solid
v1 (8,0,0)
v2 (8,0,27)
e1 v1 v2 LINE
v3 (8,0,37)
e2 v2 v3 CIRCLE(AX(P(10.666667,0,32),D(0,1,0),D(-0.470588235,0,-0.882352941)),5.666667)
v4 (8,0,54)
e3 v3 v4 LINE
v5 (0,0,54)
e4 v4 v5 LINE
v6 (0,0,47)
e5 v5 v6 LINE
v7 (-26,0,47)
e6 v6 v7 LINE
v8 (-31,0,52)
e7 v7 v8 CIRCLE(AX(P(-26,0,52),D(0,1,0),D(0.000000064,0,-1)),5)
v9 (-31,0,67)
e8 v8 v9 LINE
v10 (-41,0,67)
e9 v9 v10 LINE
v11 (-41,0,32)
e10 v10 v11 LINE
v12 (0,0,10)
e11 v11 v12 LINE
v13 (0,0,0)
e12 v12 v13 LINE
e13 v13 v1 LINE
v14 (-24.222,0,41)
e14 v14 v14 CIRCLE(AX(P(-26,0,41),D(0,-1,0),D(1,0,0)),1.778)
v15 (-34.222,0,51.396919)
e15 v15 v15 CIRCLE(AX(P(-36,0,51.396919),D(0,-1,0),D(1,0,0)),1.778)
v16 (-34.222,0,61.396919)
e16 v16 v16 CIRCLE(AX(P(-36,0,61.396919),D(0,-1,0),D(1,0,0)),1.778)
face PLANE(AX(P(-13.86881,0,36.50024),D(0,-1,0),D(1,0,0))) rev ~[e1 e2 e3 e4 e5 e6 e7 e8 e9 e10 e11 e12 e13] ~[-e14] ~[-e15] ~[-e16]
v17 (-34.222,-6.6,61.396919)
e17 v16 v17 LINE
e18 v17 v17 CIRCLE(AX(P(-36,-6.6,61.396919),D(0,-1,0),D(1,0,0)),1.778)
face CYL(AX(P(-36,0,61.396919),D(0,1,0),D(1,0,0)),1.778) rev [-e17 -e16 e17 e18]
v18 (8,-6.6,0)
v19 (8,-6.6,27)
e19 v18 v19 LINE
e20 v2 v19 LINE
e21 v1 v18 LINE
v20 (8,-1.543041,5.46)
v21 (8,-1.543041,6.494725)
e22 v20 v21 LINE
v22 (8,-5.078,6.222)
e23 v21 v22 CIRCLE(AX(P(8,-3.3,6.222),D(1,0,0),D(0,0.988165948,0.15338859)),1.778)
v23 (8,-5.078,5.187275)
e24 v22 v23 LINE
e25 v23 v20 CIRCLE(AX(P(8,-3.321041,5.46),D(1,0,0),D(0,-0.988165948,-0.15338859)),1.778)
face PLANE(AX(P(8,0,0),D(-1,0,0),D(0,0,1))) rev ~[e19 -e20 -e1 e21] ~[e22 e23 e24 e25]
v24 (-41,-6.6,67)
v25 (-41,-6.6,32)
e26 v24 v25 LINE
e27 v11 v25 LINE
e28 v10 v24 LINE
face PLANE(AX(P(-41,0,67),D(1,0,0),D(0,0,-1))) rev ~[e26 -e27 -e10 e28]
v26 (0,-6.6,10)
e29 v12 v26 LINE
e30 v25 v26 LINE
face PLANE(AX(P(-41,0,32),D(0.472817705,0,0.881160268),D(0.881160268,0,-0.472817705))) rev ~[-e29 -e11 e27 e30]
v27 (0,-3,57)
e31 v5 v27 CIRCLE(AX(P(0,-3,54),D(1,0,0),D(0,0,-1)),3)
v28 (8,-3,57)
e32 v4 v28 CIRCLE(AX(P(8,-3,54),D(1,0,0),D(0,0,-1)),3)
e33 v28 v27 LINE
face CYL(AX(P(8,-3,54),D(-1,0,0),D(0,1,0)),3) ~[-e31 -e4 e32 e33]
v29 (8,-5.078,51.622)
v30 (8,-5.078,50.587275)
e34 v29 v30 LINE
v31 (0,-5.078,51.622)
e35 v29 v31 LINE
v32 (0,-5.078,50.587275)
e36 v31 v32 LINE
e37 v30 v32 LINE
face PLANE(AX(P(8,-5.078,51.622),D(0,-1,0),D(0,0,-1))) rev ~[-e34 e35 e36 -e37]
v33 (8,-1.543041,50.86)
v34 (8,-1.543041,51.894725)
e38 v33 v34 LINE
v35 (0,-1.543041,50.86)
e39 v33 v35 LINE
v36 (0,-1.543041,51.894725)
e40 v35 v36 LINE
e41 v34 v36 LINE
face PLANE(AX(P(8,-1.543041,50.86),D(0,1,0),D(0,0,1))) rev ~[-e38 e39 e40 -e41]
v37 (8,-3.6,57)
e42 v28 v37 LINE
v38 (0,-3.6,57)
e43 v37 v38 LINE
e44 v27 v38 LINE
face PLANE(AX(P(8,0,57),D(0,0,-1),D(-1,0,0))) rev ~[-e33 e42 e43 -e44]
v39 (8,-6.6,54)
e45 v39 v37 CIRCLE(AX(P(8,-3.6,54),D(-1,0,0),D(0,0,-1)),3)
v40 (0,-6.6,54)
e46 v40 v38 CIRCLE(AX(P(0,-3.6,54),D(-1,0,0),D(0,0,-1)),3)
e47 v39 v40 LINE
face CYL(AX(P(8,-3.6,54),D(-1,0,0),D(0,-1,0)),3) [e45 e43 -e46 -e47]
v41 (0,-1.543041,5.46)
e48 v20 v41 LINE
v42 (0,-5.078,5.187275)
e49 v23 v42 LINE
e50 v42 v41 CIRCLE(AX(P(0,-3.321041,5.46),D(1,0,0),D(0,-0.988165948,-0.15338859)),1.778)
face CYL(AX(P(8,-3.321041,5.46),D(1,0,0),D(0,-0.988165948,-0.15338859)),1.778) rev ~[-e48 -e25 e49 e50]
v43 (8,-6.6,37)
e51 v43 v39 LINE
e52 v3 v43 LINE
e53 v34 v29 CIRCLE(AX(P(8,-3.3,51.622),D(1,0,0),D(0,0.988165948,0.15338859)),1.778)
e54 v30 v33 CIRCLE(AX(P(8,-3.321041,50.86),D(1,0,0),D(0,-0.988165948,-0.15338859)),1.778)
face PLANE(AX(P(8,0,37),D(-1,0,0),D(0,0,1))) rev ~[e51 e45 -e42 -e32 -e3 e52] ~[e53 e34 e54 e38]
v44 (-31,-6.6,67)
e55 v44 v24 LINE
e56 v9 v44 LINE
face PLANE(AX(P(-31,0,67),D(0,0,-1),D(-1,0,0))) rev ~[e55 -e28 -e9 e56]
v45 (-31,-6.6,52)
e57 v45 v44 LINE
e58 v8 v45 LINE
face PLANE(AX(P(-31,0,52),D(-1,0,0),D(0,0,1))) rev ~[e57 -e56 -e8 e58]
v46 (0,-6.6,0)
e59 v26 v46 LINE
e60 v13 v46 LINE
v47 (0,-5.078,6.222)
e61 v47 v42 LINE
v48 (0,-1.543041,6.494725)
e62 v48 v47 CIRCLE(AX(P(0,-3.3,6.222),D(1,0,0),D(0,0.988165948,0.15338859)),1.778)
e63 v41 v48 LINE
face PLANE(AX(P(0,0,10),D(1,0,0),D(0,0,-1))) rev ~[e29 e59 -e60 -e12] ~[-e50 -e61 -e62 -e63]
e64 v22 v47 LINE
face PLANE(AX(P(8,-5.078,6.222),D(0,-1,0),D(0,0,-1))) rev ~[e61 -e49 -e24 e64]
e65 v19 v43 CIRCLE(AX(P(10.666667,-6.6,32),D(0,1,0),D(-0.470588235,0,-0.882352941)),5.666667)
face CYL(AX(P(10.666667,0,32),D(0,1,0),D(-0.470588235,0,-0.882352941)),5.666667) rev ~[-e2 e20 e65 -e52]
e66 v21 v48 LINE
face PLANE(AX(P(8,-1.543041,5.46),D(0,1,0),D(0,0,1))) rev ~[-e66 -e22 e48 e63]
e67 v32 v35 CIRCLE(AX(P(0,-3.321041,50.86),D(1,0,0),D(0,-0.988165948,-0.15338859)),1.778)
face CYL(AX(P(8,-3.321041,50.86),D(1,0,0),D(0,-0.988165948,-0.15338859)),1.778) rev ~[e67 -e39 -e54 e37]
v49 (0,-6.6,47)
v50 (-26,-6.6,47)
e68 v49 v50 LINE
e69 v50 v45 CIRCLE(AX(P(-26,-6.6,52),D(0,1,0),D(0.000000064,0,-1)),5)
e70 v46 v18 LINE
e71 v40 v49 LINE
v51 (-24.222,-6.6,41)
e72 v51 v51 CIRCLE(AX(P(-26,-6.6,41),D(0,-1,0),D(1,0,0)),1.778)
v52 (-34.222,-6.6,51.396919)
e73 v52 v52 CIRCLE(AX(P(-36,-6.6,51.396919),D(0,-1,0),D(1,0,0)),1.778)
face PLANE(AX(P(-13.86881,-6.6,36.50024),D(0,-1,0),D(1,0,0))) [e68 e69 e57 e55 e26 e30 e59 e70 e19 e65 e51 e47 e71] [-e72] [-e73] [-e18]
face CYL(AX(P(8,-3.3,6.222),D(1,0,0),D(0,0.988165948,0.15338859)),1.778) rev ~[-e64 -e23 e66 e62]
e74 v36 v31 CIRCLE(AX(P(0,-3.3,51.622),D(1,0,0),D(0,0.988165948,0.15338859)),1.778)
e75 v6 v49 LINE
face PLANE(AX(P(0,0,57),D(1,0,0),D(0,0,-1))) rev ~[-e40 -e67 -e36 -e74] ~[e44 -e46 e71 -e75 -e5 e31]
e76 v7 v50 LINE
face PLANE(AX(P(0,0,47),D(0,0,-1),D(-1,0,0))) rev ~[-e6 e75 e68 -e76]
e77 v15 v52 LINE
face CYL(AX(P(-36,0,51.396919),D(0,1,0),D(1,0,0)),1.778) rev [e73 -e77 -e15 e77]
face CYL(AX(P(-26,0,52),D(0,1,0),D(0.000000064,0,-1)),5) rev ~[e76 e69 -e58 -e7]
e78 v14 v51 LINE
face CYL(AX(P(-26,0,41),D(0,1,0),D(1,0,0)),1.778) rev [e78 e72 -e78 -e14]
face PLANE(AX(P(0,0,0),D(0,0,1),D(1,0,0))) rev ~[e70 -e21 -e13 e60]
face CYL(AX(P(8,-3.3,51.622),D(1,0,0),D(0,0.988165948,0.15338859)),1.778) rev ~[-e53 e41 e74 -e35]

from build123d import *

# Parameters (mm, degrees)
F0_R     = 1.778
F1_DEPTH = 6.6
F3_DEPTH = 8
F4_R     = 3


with BuildPart() as f1:
    # F0 (on Front) → F1 (new body)
    with BuildSketch(Plane.XZ):
        with BuildLine():
            Line((0, 10), (0, 0))
            Line((0, 0), (8, 0))
            Line((8, 0), (8, 27))
            ThreePointArc((8, 27), (5, 32), (8, 37))
            Line((8, 37), (8, 57))
            Line((8, 57), (0, 57))
            Line((0, 57), (0, 47))
            Line((0, 47), (-26, 47))
            ThreePointArc((-26, 47), (-29.535534, 48.464466), (-31, 52))
            Line((-31, 52), (-31, 67))
            Line((-31, 67), (-41, 67))
            Line((-41, 67), (-41, 32))
            Line((-41, 32), (0, 10))
        make_face()
        with Locations((-26, 41)):
            Circle(F0_R, mode=Mode.SUBTRACT)
        with Locations((-36, 51.396919)):
            Circle(F0_R, mode=Mode.SUBTRACT)
        with Locations((-36, 61.396919)):
            Circle(F0_R, mode=Mode.SUBTRACT)
    extrude(amount=F1_DEPTH)

    # F2 (on face) → F3 (cut, through all)
    with BuildSketch(Plane.YZ.offset(8)):
        with BuildLine():
            Line((-1.543041, 50.86), (-1.543041, 51.894725))
            ThreePointArc((-1.543041, 51.894725), (-3.436768, 53.394732), (-5.078, 51.622))
            Line((-5.078, 51.622), (-5.078, 50.587275))
            ThreePointArc((-5.078, 50.587275), (-3.184273, 49.087268), (-1.543041, 50.86))
        make_face()
        with BuildLine():
            ThreePointArc((-5.078, 5.187275), (-3.184273, 3.687268), (-1.543041, 5.46))
            Line((-1.543041, 5.46), (-1.543041, 6.494725))
            ThreePointArc((-1.543041, 6.494725), (-3.436768, 7.994732), (-5.078, 6.222))
            Line((-5.078, 6.222), (-5.078, 5.187275))
        make_face()
    extrude(amount=-F3_DEPTH, mode=Mode.SUBTRACT)

    # F4
    f4_edges = [f1.edges().sort_by_distance(p)[0] for p in [
        (4, 0, 57),
        (4, -6.6, 57),
    ]]
    fillet(f4_edges, radius=F4_R)


solid = f1.part
